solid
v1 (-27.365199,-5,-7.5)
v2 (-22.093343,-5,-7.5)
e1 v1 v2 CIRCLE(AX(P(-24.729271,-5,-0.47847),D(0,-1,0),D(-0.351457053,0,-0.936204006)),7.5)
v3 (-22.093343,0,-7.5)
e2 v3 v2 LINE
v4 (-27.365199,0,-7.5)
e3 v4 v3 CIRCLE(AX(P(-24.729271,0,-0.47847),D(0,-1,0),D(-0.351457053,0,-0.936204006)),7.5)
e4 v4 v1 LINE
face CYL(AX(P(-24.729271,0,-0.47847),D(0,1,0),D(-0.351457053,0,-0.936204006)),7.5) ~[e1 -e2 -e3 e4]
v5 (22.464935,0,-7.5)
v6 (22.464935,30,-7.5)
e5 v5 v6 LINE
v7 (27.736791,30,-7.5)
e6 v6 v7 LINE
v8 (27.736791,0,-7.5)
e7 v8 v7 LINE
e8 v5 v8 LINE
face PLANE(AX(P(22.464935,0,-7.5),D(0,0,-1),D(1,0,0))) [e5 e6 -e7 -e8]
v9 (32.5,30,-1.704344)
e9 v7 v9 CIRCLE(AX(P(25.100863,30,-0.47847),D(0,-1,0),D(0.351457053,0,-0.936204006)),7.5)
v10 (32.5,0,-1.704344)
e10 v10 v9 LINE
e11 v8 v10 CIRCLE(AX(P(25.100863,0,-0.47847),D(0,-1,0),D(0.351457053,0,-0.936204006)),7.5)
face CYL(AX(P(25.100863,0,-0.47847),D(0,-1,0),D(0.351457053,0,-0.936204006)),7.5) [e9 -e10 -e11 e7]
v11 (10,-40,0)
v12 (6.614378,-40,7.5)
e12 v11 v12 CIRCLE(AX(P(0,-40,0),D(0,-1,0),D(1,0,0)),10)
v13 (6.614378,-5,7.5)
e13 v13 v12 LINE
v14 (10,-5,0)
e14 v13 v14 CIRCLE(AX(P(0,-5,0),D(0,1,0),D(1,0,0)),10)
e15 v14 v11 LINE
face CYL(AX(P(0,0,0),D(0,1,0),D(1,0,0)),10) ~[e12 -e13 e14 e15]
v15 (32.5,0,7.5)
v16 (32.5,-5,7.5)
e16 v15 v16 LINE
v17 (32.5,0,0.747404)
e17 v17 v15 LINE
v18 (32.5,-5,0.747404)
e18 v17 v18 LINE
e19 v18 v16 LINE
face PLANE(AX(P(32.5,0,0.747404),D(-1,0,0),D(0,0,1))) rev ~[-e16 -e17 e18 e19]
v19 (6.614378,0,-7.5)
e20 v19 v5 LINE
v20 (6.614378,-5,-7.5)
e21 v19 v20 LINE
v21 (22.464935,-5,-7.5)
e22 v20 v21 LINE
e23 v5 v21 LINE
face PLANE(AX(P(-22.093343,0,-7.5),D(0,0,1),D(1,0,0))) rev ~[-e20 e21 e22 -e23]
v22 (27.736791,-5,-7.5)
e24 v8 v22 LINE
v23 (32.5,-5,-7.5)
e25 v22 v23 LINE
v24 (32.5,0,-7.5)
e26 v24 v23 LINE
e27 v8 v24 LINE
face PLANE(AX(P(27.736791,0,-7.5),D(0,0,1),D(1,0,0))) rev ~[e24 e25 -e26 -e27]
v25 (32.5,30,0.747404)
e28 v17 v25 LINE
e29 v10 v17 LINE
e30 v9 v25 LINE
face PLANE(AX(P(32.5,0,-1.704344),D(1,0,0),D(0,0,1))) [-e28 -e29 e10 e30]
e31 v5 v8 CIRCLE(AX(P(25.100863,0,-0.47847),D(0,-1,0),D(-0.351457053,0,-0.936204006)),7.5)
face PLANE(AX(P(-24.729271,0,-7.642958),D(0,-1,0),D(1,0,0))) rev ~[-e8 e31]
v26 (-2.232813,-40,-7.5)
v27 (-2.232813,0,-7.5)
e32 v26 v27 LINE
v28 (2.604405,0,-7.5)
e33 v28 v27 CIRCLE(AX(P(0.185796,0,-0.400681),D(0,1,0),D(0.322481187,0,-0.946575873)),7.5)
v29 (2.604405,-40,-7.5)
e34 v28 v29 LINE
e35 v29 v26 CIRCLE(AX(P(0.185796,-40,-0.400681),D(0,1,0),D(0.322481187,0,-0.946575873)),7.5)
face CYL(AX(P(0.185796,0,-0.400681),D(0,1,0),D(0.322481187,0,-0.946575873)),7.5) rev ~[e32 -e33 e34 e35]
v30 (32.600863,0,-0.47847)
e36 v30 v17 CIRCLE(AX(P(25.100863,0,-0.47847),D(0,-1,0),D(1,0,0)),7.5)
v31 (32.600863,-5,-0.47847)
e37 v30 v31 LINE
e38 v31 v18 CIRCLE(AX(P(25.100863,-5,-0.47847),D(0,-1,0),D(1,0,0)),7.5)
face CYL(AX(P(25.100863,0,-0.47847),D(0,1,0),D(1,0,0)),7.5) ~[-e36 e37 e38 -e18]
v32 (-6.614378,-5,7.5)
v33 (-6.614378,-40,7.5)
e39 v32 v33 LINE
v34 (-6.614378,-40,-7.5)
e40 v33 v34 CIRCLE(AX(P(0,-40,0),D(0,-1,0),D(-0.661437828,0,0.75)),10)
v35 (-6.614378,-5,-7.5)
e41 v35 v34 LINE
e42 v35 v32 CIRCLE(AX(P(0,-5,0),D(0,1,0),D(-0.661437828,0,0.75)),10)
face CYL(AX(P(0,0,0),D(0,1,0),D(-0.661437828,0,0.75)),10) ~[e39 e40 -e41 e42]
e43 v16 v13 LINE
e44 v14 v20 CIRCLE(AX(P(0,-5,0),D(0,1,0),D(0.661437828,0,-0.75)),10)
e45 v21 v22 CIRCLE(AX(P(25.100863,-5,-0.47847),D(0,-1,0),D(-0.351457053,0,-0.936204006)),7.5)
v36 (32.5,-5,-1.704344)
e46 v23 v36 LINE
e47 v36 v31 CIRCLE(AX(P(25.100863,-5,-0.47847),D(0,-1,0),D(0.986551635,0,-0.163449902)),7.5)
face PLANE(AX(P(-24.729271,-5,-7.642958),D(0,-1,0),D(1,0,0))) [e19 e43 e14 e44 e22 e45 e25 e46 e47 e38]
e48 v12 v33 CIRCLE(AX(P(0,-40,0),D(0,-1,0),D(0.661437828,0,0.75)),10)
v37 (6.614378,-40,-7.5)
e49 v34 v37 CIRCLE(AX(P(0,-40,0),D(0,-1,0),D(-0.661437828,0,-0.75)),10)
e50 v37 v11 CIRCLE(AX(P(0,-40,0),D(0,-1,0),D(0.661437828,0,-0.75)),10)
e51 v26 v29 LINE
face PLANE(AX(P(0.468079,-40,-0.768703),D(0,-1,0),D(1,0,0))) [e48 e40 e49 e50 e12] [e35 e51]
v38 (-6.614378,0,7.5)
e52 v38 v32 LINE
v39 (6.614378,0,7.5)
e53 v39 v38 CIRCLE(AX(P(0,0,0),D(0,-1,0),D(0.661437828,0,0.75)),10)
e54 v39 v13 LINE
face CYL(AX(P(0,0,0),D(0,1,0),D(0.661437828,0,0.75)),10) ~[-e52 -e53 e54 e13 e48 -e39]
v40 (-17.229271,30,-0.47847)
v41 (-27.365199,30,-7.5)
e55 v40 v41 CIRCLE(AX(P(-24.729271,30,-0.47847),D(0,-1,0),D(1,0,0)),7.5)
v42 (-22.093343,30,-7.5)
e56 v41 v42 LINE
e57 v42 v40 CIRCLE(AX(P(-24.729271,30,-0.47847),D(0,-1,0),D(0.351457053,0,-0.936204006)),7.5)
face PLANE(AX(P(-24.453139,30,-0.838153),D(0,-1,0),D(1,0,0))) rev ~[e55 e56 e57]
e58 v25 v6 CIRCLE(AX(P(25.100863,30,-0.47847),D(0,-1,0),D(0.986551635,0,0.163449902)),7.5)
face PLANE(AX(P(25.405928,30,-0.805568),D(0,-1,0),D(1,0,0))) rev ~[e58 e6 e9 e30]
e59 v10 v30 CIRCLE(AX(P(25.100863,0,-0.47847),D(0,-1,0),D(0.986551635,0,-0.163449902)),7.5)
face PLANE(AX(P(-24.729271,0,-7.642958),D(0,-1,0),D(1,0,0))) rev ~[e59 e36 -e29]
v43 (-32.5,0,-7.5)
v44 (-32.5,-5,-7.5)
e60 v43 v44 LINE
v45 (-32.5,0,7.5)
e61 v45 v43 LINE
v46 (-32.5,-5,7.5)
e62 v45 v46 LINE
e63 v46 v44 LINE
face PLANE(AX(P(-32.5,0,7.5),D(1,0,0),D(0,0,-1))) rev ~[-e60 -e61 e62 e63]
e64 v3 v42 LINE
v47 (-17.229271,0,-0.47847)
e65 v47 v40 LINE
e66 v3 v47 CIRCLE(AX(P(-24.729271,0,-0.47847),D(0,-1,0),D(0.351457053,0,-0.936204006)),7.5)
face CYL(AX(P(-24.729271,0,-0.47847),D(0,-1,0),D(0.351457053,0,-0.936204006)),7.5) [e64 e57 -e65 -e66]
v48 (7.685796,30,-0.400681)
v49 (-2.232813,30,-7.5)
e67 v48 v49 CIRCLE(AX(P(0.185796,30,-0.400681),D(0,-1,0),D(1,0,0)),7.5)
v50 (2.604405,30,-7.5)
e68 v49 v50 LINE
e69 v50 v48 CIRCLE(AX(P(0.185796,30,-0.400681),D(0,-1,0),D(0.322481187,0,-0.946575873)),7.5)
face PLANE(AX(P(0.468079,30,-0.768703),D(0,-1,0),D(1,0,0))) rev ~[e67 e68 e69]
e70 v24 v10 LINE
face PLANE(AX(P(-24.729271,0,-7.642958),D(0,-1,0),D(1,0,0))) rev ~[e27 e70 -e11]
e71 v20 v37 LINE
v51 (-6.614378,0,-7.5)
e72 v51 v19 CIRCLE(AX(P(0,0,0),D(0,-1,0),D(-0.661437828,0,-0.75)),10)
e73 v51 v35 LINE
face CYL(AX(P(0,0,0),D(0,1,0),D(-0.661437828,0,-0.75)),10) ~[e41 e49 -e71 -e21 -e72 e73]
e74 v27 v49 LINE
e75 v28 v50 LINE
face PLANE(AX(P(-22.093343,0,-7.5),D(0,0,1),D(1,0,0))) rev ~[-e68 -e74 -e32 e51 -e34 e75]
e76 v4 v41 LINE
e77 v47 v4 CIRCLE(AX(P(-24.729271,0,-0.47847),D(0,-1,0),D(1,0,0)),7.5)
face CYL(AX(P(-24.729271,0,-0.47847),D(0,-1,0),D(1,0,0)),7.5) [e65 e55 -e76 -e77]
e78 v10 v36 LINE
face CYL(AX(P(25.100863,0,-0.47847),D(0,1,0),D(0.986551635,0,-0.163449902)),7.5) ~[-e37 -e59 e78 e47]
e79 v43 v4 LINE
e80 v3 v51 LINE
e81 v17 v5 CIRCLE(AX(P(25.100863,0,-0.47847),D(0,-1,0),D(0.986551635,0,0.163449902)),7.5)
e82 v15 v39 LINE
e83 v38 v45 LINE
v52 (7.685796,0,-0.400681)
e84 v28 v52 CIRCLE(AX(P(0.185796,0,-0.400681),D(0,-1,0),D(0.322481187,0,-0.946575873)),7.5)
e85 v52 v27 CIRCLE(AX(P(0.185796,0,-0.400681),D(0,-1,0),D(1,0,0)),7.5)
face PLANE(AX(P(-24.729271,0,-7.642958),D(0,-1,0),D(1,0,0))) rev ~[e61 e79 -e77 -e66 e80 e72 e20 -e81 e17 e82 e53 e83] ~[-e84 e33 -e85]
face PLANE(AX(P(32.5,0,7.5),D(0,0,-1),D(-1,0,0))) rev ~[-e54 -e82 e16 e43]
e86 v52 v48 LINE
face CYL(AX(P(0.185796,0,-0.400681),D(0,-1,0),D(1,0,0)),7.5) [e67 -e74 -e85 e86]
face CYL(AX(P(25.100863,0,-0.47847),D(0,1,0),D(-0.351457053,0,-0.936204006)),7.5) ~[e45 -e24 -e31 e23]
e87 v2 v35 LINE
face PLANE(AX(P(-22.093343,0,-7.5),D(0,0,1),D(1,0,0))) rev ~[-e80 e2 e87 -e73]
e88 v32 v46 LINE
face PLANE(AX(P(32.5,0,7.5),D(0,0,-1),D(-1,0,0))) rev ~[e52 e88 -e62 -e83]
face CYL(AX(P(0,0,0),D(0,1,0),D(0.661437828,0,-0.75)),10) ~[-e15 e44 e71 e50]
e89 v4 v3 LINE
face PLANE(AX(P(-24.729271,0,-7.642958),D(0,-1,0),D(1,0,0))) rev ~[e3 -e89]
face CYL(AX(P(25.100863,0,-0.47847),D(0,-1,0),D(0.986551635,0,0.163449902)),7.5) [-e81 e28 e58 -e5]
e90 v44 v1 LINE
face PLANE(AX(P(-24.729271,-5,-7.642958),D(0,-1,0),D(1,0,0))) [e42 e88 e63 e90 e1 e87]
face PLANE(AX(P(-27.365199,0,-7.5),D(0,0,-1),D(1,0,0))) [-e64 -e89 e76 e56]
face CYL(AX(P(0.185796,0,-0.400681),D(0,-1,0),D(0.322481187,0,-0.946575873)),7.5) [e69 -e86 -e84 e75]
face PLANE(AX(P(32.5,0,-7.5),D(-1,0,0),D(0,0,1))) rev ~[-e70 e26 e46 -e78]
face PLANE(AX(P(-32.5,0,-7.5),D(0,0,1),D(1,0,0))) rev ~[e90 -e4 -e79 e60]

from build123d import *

# Parameters (mm, degrees)
F1_DEPTH = 5
F2_DEPTH = 40
F3_DEPTH = 30


with BuildPart() as f1:
    # F0 (on Front) → F1 (new body)
    with BuildSketch(Plane.XZ):
        with BuildLine():
            Line((-22.0933434024, -7.5), (-27.3651991933, -7.5))
            ThreePointArc((-27.3651991933, -7.5), (-24.7292712978, -7.9784699581), (-22.0933434024, -7.5))
        make_face()
        with BuildLine():
            Line((27.7367906295, -7.5), (22.4649348386, -7.5))
            ThreePointArc((22.4649348386, -7.5), (25.1008627341, -7.9784699581), (27.7367906295, -7.5))
        make_face()
        with BuildLine():
            Line((32.5, -7.5), (32.5, -1.7043442256))
            ThreePointArc((32.5, -1.7043442256), (30.8950874158, -5.2405031728), (27.7367906295, -7.5))
            Line((27.7367906295, -7.5), (32.5, -7.5))
        make_face()
        with BuildLine():
            ThreePointArc((32.6008627341, -0.4784699581), (32.5756045187, 0.1365383775), (32.5, 0.7474043095))
            Line((32.5, 0.7474043095), (32.5, -1.7043442256))
            ThreePointArc((32.5, -1.7043442256), (32.5756045187, -1.0934782936), (32.6008627341, -0.4784699581))
        make_face()
        with BuildLine():
            Line((32.5, 7.5), (6.6143782777, 7.5))
            ThreePointArc((6.6143782777, 7.5), (9.1143782777, 4.1143782777), (10, 0))
            ThreePointArc((10, 0), (9.1143782777, -4.1143782777), (6.6143782777, -7.5))
            Line((6.6143782777, -7.5), (22.4649348386, -7.5))
            ThreePointArc((22.4649348386, -7.5), (20.3388295194, 5.3157547236), (32.5, 0.7474043095))
            Line((32.5, 0.7474043095), (32.5, 7.5))
        make_face()
        with BuildLine():
            Line((6.6143782777, 7.5), (-6.6143782777, 7.5))
            ThreePointArc((-6.6143782777, 7.5), (-10, 0), (-6.6143782777, -7.5))
            Line((-6.6143782777, -7.5), (-2.2328131871, -7.5))
            ThreePointArc((-2.2328131871, -7.5), (-4.1794324094, 5.698071659), (7.6857957181, -0.4006809507))
            ThreePointArc((7.6857957181, -0.4006809507), (6.2845483278, -4.7659090782), (2.6044046233, -7.5))
            Line((2.6044046233, -7.5), (6.6143782777, -7.5))
            ThreePointArc((6.6143782777, -7.5), (9.1143782777, -4.1143782777), (10, 0))
            ThreePointArc((10, 0), (9.1143782777, 4.1143782777), (6.6143782777, 7.5))
        make_face()
        with BuildLine():
            Line((-6.6143782777, 7.5), (-32.5, 7.5))
            Line((-32.5, 7.5), (-32.5, -7.5))
            Line((-32.5, -7.5), (-27.3651991933, -7.5))
            ThreePointArc((-27.3651991933, -7.5), (-29.0001342542, 5.6867331698), (-17.2292712978, -0.4784699581))
            ThreePointArc((-17.2292712978, -0.4784699581), (-18.56406817, -4.7493329144), (-22.0933434024, -7.5))
            Line((-22.0933434024, -7.5), (-6.6143782777, -7.5))
            ThreePointArc((-6.6143782777, -7.5), (-10, 0), (-6.6143782777, 7.5))
        make_face()
        with BuildLine():
            ThreePointArc((7.6857957181, -0.4006809507), (-4.1794324094, 5.698071659), (-2.2328131871, -7.5))
            Line((-2.2328131871, -7.5), (2.6044046233, -7.5))
            ThreePointArc((2.6044046233, -7.5), (6.2845483278, -4.7659090782), (7.6857957181, -0.4006809507))
        make_face()
        with BuildLine():
            ThreePointArc((-17.2292712978, -0.4784699581), (-29.0001342542, 5.6867331698), (-27.3651991933, -7.5))
            Line((-27.3651991933, -7.5), (-22.0933434024, -7.5))
            ThreePointArc((-22.0933434024, -7.5), (-18.56406817, -4.7493329144), (-17.2292712978, -0.4784699581))
        make_face()
        with BuildLine():
            Line((32.5, -1.7043442256), (32.5, 0.7474043095))
            ThreePointArc((32.5, 0.7474043095), (20.3388295194, 5.3157547236), (22.4649348386, -7.5))
            Line((22.4649348386, -7.5), (27.7367906295, -7.5))
            ThreePointArc((27.7367906295, -7.5), (30.8950874158, -5.2405031728), (32.5, -1.7043442256))
        make_face()
    extrude(amount=F1_DEPTH)

    # F0 (on Front) → F2 (join)
    with BuildSketch(Plane.XZ):
        with BuildLine():
            ThreePointArc((7.6857957181, -0.4006809507), (-4.1794324094, 5.698071659), (-2.2328131871, -7.5))
            Line((-2.2328131871, -7.5), (2.6044046233, -7.5))
            ThreePointArc((2.6044046233, -7.5), (6.2845483278, -4.7659090782), (7.6857957181, -0.4006809507))
        make_face()
        with BuildLine():
            ThreePointArc((6.6143782777, 7.5), (0, 10), (-6.6143782777, 7.5))
            Line((-6.6143782777, 7.5), (6.6143782777, 7.5))
        make_face()
        with BuildLine():
            Line((-2.2328131871, -7.5), (-6.6143782777, -7.5))
            ThreePointArc((-6.6143782777, -7.5), (0, -10), (6.6143782777, -7.5))
            Line((6.6143782777, -7.5), (2.6044046233, -7.5))
            ThreePointArc((2.6044046233, -7.5), (0.1857957181, -7.9006809507), (-2.2328131871, -7.5))
        make_face()
        with BuildLine():
            Line((6.6143782777, 7.5), (-6.6143782777, 7.5))
            ThreePointArc((-6.6143782777, 7.5), (-10, 0), (-6.6143782777, -7.5))
            Line((-6.6143782777, -7.5), (-2.2328131871, -7.5))
            ThreePointArc((-2.2328131871, -7.5), (-4.1794324094, 5.698071659), (7.6857957181, -0.4006809507))
            ThreePointArc((7.6857957181, -0.4006809507), (6.2845483278, -4.7659090782), (2.6044046233, -7.5))
            Line((2.6044046233, -7.5), (6.6143782777, -7.5))
            ThreePointArc((6.6143782777, -7.5), (9.1143782777, -4.1143782777), (10, 0))
            ThreePointArc((10, 0), (9.1143782777, 4.1143782777), (6.6143782777, 7.5))
        make_face()
    extrude(amount=F2_DEPTH)

    # F0 (on Front) → F3 (join)
    with BuildSketch(Plane.XZ):
        with BuildLine():
            Line((32.5, -1.7043442256), (32.5, 0.7474043095))
            ThreePointArc((32.5, 0.7474043095), (20.3388295194, 5.3157547236), (22.4649348386, -7.5))
            Line((22.4649348386, -7.5), (27.7367906295, -7.5))
            ThreePointArc((27.7367906295, -7.5), (30.8950874158, -5.2405031728), (32.5, -1.7043442256))
        make_face()
        with BuildLine():
            ThreePointArc((-17.2292712978, -0.4784699581), (-29.0001342542, 5.6867331698), (-27.3651991933, -7.5))
            Line((-27.3651991933, -7.5), (-22.0933434024, -7.5))
            ThreePointArc((-22.0933434024, -7.5), (-18.56406817, -4.7493329144), (-17.2292712978, -0.4784699581))
        make_face()
        with BuildLine():
            ThreePointArc((7.6857957181, -0.4006809507), (-4.1794324094, 5.698071659), (-2.2328131871, -7.5))
            Line((-2.2328131871, -7.5), (2.6044046233, -7.5))
            ThreePointArc((2.6044046233, -7.5), (6.2845483278, -4.7659090782), (7.6857957181, -0.4006809507))
        make_face()
    extrude(amount=-F3_DEPTH)


solid = f1.part
